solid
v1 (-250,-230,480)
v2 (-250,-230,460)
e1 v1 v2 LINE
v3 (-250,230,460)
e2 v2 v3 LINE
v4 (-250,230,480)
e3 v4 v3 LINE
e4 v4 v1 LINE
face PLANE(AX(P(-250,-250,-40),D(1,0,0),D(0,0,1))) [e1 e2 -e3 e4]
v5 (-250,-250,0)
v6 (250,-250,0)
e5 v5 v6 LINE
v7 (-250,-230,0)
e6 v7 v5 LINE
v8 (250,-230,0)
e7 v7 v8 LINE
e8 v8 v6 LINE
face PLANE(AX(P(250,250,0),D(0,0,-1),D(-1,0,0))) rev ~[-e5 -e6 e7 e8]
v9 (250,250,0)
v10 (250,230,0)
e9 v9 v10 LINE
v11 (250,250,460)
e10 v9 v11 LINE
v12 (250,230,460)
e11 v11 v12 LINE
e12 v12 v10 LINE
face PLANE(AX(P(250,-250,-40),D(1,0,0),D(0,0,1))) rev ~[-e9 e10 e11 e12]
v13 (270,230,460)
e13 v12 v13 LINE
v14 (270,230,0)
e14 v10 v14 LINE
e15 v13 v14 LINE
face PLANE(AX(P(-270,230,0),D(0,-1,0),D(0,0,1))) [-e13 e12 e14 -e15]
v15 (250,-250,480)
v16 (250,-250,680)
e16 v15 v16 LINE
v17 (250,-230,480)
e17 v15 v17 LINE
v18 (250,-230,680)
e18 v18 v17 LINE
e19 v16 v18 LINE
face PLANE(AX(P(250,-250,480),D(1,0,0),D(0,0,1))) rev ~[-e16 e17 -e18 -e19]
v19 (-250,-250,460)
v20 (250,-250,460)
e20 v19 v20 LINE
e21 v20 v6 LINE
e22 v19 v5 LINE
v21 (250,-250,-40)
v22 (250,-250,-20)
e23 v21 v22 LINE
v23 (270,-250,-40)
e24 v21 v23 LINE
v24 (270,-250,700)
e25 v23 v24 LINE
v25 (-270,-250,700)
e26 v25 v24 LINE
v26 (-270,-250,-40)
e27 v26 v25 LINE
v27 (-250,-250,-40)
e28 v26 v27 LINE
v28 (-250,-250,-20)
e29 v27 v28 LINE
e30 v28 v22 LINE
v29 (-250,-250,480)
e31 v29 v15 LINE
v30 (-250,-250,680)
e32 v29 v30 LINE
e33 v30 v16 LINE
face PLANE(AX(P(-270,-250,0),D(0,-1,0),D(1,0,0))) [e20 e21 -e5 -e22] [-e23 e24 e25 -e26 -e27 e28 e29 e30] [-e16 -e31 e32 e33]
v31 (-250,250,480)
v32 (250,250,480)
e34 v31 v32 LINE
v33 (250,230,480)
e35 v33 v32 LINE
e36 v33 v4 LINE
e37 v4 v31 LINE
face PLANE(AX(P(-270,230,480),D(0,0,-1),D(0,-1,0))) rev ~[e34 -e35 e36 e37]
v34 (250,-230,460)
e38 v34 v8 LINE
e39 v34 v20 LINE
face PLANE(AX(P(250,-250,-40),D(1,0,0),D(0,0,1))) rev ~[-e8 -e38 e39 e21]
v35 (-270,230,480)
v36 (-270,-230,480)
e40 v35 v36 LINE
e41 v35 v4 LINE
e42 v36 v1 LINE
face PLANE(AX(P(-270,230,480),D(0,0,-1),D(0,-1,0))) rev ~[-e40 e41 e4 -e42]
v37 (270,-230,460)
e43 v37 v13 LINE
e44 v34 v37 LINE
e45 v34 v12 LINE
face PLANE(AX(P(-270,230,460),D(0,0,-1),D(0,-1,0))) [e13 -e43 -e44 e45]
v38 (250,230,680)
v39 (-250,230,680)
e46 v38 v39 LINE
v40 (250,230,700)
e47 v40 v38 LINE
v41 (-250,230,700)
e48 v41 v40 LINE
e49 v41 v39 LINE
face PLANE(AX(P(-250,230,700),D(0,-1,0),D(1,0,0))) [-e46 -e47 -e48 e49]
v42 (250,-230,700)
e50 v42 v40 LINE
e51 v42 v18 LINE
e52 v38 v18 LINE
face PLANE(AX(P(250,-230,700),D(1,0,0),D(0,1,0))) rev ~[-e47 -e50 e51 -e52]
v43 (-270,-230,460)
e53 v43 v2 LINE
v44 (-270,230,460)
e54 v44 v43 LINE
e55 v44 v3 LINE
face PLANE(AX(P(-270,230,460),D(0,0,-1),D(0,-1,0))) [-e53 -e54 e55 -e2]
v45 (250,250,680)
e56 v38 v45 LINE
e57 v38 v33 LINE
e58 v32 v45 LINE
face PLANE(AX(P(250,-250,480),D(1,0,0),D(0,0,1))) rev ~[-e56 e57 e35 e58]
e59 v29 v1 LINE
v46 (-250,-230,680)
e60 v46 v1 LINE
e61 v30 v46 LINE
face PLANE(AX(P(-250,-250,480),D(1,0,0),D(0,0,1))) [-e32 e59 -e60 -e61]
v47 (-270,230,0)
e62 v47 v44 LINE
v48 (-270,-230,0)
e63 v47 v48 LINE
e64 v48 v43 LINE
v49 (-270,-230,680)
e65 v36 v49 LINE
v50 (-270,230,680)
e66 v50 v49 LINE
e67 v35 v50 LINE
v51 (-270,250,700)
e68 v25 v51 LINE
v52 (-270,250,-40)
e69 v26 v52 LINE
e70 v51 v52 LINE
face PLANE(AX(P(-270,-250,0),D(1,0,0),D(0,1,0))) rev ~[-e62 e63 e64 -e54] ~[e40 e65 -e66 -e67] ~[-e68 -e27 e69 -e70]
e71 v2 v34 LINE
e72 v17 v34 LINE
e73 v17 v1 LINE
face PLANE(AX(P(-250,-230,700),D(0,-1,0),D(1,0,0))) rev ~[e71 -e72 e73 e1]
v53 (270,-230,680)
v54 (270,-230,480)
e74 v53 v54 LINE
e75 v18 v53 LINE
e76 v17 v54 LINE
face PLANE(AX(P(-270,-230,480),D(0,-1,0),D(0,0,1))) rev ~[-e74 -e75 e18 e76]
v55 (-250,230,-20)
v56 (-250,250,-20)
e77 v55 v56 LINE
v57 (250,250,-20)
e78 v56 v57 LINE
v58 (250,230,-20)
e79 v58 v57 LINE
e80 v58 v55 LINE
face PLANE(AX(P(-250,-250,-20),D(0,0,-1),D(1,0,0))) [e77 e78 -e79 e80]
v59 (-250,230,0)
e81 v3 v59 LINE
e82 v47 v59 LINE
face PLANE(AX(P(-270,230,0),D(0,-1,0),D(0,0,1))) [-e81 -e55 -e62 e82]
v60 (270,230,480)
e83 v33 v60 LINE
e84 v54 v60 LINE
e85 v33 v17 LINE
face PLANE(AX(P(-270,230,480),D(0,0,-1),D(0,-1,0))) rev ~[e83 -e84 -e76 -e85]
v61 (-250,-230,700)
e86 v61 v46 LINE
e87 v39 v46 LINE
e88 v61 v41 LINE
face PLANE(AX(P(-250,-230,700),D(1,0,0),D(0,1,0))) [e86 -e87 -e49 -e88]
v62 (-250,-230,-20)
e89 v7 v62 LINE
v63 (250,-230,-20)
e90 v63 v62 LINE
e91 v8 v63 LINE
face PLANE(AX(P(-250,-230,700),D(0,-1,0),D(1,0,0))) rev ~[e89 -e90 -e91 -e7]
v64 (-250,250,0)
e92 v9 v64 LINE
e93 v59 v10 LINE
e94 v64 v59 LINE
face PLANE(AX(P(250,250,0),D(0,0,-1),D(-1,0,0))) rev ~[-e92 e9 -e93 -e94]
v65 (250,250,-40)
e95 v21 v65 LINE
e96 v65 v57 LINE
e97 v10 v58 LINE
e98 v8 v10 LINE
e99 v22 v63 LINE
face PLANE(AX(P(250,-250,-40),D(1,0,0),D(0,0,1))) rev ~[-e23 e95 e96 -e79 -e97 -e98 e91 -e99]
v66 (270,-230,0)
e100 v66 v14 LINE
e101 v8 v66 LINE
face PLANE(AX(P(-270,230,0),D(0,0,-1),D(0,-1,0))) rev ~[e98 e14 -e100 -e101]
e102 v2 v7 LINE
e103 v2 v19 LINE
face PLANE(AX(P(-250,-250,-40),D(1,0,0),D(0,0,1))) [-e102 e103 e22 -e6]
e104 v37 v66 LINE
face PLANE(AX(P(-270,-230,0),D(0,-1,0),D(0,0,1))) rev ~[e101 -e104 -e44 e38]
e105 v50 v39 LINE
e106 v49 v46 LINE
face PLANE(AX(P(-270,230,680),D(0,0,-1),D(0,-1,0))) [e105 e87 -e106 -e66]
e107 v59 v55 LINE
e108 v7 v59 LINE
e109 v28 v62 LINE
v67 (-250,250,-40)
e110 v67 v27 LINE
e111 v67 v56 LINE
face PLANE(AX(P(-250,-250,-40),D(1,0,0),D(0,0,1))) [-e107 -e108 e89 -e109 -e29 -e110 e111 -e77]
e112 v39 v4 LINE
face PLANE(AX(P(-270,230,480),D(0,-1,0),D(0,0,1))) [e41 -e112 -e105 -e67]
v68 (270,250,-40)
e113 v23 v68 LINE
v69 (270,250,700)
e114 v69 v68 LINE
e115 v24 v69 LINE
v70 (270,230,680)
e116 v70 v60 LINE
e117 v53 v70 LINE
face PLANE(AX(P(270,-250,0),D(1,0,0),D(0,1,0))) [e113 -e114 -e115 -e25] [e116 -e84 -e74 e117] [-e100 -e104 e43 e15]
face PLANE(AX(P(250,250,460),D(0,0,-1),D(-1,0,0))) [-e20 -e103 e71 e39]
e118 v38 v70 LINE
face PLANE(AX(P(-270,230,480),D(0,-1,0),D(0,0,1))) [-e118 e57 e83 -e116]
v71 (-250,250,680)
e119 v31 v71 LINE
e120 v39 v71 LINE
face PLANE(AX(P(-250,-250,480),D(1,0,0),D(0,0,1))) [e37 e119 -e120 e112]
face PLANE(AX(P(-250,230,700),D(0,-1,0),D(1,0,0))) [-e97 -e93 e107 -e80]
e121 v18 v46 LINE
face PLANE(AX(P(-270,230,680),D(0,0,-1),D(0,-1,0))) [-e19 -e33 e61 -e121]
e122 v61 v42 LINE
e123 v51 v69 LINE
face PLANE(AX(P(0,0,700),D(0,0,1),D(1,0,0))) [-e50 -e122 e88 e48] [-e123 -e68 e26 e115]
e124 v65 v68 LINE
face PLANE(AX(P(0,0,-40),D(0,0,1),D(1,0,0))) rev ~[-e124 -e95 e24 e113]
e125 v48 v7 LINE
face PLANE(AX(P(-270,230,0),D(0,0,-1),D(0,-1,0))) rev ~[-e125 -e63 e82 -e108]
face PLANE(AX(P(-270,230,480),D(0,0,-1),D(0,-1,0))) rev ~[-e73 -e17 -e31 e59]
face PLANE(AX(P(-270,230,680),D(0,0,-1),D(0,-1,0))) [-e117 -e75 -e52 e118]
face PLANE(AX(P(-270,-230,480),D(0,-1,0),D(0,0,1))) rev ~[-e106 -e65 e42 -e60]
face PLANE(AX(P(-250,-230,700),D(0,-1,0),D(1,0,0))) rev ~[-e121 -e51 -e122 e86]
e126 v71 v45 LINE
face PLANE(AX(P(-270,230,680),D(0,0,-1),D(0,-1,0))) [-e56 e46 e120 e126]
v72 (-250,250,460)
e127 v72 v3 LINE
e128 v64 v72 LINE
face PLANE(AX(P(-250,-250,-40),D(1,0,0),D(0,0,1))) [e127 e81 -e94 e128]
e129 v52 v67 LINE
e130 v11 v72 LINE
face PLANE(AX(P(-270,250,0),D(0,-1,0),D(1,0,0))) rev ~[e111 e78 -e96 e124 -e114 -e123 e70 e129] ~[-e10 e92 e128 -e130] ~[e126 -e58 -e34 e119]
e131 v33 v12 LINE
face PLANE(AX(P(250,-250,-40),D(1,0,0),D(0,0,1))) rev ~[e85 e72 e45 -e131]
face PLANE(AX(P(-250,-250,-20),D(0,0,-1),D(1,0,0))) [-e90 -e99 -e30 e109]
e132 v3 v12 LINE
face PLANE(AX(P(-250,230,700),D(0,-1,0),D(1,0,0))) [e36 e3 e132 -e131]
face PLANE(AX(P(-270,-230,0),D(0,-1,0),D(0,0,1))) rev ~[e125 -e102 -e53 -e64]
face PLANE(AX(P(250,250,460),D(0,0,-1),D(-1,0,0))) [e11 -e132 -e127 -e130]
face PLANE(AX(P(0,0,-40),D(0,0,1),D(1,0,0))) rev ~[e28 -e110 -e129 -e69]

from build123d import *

# Parameters (mm, degrees)
F0_W          = 540
F0_H          = 500
F1_DEPTH      = 700
F1_DEPTH_BACK = 40
F2_W          = 500
F2_H          = 20
F3_DEPTH      = 500.001
F4_W          = 500
F4_H          = 200
F5_DEPTH      = 500.001
F6_W          = 460
F6_H          = 200
F7_DEPTH      = 540.001
F8_W          = 500
F8_H          = 460
F9_DEPTH      = 740.001
F10_W         = 500
F10_H         = 460
F11_DEPTH     = 500.001
F12_W         = 460
F12_H         = 460
F13_DEPTH     = 540.001


with BuildPart() as f1:
    # F0 (on Top) → F1 (new body, two sides)
    with BuildSketch(Plane.XY) as f1_sk:
        Rectangle(F0_W, F0_H)
    extrude(amount=F1_DEPTH)
    extrude(f1_sk.sketch, amount=-F1_DEPTH_BACK)

    # F2 (on face) → F3 (cut, through all)
    with BuildSketch(Plane.XZ.offset(250)):
        with Locations((0, -30)):
            Rectangle(F2_W, F2_H)
    extrude(amount=-F3_DEPTH, mode=Mode.SUBTRACT)

    # F4 (on face) → F5 (cut, through all)
    with BuildSketch(Plane.XZ.offset(250)):
        with Locations((0, 580)):
            Rectangle(F4_W, F4_H)
    extrude(amount=-F5_DEPTH, mode=Mode.SUBTRACT)

    # F6 (on face) → F7 (cut, through all)
    with BuildSketch(Plane(origin=(-270, 0, 0), x_dir=(0, -1, 0), z_dir=(-1, 0, 0))):
        with Locations((0, 580)):
            Rectangle(F6_W, F6_H)
    extrude(amount=-F7_DEPTH, mode=Mode.SUBTRACT)

    # F8 (on face) → F9 (cut, through all)
    with BuildSketch(Plane.XY.offset(700)):
        Rectangle(F8_W, F8_H)
    extrude(amount=-F9_DEPTH, mode=Mode.SUBTRACT)

    # F10 (on face) → F11 (cut, through all)
    with BuildSketch(Plane(origin=(0, 250, 0), x_dir=(-1, 0, 0), z_dir=(0, 1, 0))):
        with Locations((0, 230)):
            Rectangle(F10_W, F10_H)
    extrude(amount=-F11_DEPTH, mode=Mode.SUBTRACT)

    # F12 (on face) → F13 (cut, through all)
    with BuildSketch(Plane(origin=(-270, 0, 0), x_dir=(0, -1, 0), z_dir=(-1, 0, 0))):
        with Locations((0, 230)):
            Rectangle(F12_W, F12_H)
    extrude(amount=-F13_DEPTH, mode=Mode.SUBTRACT)


solid = f1.part
